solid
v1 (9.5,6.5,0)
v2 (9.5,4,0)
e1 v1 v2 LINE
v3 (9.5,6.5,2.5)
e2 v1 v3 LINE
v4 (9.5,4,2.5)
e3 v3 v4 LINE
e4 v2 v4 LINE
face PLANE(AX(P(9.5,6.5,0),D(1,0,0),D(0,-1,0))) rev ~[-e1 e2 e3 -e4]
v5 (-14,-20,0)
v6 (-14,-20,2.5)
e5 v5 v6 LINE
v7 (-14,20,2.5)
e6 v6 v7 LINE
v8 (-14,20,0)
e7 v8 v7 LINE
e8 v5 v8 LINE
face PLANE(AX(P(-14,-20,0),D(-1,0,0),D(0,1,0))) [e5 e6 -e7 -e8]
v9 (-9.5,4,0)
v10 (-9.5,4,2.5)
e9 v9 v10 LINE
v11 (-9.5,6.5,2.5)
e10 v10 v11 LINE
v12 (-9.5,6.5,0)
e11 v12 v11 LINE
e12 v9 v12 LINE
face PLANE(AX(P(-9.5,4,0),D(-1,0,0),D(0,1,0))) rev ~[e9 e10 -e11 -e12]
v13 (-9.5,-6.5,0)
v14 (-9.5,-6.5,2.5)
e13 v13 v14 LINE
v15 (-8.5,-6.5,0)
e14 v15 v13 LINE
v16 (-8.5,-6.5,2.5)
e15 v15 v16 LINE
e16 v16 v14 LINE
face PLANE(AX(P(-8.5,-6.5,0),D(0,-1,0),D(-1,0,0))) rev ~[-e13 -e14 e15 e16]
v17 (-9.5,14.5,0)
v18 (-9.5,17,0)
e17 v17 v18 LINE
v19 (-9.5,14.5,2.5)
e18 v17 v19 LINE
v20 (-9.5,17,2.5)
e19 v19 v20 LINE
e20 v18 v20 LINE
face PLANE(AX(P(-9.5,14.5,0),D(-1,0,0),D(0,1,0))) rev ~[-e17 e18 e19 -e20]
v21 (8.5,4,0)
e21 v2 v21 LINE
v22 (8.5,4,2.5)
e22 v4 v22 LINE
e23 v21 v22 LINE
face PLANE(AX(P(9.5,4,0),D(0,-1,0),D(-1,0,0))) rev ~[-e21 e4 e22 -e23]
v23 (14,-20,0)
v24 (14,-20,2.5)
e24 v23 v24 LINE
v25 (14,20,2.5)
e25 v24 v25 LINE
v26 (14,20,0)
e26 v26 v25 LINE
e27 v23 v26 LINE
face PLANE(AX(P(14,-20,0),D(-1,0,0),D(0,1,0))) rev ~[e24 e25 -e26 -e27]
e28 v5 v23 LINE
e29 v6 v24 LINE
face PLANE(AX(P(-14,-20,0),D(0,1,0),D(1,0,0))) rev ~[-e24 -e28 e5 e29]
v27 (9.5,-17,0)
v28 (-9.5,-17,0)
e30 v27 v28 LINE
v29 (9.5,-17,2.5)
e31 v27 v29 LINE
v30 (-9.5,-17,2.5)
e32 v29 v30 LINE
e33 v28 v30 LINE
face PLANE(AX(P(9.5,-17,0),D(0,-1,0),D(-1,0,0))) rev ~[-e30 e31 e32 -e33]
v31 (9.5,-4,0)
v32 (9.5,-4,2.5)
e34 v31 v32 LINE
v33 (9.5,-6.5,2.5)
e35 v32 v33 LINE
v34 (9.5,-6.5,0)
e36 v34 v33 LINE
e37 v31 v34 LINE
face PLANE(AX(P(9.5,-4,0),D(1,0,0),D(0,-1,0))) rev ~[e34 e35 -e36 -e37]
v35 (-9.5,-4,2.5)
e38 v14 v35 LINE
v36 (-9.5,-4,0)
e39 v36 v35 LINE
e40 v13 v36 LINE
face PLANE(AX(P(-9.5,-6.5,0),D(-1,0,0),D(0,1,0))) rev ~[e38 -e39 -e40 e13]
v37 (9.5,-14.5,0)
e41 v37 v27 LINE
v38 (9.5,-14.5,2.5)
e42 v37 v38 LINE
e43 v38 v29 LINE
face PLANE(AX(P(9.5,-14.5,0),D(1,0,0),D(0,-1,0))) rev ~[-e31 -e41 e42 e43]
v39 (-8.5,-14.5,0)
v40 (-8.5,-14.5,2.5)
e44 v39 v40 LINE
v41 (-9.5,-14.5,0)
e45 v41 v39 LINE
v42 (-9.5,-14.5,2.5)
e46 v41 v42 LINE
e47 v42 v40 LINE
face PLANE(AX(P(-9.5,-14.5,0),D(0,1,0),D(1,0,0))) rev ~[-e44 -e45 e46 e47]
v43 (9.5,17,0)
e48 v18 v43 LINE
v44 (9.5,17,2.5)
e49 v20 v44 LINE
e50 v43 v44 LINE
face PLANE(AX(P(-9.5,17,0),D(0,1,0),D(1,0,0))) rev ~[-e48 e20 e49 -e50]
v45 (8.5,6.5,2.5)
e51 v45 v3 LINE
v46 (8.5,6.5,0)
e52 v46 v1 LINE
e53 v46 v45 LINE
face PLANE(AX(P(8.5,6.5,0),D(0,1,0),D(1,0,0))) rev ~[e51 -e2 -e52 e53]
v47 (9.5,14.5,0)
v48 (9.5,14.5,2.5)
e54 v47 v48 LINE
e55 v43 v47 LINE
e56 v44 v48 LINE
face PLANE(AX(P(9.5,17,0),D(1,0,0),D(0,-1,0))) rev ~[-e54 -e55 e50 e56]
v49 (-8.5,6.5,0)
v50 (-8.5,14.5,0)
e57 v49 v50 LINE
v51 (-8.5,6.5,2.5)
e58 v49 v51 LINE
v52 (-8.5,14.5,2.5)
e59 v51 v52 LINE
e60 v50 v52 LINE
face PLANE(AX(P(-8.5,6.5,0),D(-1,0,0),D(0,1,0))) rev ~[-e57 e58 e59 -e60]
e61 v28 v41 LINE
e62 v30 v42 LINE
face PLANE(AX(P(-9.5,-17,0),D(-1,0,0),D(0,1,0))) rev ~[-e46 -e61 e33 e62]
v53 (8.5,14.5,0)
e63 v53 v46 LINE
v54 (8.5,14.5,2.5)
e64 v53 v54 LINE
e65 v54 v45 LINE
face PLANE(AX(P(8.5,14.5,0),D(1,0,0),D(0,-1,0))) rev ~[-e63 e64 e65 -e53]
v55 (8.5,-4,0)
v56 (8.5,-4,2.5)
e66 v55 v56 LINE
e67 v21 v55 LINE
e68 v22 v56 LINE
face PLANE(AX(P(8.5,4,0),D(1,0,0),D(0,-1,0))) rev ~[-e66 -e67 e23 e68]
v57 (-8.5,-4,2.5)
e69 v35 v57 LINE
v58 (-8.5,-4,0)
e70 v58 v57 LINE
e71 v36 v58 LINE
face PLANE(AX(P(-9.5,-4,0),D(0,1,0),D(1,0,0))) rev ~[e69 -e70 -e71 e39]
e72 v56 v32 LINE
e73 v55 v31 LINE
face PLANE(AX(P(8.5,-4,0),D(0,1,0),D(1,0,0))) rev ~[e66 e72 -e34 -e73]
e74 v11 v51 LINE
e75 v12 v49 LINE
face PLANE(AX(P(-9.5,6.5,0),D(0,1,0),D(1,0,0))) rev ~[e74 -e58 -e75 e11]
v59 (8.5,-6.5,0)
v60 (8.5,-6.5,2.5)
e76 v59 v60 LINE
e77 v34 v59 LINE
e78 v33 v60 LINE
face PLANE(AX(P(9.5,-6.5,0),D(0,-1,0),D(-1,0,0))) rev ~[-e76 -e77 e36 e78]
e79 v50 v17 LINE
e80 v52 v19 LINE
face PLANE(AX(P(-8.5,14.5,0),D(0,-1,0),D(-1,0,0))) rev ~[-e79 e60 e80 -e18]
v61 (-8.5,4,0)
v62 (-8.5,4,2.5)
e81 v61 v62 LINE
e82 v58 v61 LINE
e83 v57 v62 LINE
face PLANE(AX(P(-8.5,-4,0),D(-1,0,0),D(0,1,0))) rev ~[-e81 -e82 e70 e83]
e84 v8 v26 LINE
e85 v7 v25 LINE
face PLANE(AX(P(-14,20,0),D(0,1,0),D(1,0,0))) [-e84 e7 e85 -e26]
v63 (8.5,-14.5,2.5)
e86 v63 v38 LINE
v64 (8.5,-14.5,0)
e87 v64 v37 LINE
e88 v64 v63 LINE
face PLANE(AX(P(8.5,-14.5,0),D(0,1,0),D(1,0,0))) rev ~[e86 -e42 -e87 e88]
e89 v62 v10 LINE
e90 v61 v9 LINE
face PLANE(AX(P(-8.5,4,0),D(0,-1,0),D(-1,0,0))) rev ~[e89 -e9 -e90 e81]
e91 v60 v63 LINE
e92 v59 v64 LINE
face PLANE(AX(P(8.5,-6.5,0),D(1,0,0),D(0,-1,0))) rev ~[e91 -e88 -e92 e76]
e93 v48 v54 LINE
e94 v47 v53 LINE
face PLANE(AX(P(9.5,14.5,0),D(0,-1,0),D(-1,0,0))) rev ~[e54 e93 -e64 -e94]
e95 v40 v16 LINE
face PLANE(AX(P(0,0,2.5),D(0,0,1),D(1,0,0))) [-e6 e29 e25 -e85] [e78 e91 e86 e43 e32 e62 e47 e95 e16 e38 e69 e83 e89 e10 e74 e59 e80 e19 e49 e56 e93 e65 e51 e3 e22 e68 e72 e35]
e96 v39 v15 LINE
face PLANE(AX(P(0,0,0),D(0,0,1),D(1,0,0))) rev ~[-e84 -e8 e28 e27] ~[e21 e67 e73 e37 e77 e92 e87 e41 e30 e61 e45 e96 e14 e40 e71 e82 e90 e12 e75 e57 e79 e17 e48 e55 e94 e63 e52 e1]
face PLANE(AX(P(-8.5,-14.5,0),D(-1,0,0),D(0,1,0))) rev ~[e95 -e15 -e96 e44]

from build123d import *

# Parameters (mm, degrees)
F0_W     = 28
F0_H     = 40
F1_DEPTH = 2.5


with BuildPart() as f1:
    # F0 (on Top) → F1 (new body)
    with BuildSketch(Plane.XY):
        Rectangle(F0_W, F0_H)
        Polygon((9.5, -14.5), (9.5, -17), (-9.5, -17), (-9.5, -14.5), (-8.5, -14.5), (-8.5, -6.5), (-9.5, -6.5), (-9.5, -4), (-8.5, -4), (-8.5, 4), (-9.5, 4), (-9.5, 6.5), (-8.5, 6.5), (-8.5, 14.5), (-9.5, 14.5), (-9.5, 17), (9.5, 17), (9.5, 14.5), (8.5, 14.5), (8.5, 6.5), (9.5, 6.5), (9.5, 4), (8.5, 4), (8.5, -4), (9.5, -4), (9.5, -6.5), (8.5, -6.5), (8.5, -14.5), align=None, mode=Mode.SUBTRACT)
    extrude(amount=F1_DEPTH)


solid = f1.part
